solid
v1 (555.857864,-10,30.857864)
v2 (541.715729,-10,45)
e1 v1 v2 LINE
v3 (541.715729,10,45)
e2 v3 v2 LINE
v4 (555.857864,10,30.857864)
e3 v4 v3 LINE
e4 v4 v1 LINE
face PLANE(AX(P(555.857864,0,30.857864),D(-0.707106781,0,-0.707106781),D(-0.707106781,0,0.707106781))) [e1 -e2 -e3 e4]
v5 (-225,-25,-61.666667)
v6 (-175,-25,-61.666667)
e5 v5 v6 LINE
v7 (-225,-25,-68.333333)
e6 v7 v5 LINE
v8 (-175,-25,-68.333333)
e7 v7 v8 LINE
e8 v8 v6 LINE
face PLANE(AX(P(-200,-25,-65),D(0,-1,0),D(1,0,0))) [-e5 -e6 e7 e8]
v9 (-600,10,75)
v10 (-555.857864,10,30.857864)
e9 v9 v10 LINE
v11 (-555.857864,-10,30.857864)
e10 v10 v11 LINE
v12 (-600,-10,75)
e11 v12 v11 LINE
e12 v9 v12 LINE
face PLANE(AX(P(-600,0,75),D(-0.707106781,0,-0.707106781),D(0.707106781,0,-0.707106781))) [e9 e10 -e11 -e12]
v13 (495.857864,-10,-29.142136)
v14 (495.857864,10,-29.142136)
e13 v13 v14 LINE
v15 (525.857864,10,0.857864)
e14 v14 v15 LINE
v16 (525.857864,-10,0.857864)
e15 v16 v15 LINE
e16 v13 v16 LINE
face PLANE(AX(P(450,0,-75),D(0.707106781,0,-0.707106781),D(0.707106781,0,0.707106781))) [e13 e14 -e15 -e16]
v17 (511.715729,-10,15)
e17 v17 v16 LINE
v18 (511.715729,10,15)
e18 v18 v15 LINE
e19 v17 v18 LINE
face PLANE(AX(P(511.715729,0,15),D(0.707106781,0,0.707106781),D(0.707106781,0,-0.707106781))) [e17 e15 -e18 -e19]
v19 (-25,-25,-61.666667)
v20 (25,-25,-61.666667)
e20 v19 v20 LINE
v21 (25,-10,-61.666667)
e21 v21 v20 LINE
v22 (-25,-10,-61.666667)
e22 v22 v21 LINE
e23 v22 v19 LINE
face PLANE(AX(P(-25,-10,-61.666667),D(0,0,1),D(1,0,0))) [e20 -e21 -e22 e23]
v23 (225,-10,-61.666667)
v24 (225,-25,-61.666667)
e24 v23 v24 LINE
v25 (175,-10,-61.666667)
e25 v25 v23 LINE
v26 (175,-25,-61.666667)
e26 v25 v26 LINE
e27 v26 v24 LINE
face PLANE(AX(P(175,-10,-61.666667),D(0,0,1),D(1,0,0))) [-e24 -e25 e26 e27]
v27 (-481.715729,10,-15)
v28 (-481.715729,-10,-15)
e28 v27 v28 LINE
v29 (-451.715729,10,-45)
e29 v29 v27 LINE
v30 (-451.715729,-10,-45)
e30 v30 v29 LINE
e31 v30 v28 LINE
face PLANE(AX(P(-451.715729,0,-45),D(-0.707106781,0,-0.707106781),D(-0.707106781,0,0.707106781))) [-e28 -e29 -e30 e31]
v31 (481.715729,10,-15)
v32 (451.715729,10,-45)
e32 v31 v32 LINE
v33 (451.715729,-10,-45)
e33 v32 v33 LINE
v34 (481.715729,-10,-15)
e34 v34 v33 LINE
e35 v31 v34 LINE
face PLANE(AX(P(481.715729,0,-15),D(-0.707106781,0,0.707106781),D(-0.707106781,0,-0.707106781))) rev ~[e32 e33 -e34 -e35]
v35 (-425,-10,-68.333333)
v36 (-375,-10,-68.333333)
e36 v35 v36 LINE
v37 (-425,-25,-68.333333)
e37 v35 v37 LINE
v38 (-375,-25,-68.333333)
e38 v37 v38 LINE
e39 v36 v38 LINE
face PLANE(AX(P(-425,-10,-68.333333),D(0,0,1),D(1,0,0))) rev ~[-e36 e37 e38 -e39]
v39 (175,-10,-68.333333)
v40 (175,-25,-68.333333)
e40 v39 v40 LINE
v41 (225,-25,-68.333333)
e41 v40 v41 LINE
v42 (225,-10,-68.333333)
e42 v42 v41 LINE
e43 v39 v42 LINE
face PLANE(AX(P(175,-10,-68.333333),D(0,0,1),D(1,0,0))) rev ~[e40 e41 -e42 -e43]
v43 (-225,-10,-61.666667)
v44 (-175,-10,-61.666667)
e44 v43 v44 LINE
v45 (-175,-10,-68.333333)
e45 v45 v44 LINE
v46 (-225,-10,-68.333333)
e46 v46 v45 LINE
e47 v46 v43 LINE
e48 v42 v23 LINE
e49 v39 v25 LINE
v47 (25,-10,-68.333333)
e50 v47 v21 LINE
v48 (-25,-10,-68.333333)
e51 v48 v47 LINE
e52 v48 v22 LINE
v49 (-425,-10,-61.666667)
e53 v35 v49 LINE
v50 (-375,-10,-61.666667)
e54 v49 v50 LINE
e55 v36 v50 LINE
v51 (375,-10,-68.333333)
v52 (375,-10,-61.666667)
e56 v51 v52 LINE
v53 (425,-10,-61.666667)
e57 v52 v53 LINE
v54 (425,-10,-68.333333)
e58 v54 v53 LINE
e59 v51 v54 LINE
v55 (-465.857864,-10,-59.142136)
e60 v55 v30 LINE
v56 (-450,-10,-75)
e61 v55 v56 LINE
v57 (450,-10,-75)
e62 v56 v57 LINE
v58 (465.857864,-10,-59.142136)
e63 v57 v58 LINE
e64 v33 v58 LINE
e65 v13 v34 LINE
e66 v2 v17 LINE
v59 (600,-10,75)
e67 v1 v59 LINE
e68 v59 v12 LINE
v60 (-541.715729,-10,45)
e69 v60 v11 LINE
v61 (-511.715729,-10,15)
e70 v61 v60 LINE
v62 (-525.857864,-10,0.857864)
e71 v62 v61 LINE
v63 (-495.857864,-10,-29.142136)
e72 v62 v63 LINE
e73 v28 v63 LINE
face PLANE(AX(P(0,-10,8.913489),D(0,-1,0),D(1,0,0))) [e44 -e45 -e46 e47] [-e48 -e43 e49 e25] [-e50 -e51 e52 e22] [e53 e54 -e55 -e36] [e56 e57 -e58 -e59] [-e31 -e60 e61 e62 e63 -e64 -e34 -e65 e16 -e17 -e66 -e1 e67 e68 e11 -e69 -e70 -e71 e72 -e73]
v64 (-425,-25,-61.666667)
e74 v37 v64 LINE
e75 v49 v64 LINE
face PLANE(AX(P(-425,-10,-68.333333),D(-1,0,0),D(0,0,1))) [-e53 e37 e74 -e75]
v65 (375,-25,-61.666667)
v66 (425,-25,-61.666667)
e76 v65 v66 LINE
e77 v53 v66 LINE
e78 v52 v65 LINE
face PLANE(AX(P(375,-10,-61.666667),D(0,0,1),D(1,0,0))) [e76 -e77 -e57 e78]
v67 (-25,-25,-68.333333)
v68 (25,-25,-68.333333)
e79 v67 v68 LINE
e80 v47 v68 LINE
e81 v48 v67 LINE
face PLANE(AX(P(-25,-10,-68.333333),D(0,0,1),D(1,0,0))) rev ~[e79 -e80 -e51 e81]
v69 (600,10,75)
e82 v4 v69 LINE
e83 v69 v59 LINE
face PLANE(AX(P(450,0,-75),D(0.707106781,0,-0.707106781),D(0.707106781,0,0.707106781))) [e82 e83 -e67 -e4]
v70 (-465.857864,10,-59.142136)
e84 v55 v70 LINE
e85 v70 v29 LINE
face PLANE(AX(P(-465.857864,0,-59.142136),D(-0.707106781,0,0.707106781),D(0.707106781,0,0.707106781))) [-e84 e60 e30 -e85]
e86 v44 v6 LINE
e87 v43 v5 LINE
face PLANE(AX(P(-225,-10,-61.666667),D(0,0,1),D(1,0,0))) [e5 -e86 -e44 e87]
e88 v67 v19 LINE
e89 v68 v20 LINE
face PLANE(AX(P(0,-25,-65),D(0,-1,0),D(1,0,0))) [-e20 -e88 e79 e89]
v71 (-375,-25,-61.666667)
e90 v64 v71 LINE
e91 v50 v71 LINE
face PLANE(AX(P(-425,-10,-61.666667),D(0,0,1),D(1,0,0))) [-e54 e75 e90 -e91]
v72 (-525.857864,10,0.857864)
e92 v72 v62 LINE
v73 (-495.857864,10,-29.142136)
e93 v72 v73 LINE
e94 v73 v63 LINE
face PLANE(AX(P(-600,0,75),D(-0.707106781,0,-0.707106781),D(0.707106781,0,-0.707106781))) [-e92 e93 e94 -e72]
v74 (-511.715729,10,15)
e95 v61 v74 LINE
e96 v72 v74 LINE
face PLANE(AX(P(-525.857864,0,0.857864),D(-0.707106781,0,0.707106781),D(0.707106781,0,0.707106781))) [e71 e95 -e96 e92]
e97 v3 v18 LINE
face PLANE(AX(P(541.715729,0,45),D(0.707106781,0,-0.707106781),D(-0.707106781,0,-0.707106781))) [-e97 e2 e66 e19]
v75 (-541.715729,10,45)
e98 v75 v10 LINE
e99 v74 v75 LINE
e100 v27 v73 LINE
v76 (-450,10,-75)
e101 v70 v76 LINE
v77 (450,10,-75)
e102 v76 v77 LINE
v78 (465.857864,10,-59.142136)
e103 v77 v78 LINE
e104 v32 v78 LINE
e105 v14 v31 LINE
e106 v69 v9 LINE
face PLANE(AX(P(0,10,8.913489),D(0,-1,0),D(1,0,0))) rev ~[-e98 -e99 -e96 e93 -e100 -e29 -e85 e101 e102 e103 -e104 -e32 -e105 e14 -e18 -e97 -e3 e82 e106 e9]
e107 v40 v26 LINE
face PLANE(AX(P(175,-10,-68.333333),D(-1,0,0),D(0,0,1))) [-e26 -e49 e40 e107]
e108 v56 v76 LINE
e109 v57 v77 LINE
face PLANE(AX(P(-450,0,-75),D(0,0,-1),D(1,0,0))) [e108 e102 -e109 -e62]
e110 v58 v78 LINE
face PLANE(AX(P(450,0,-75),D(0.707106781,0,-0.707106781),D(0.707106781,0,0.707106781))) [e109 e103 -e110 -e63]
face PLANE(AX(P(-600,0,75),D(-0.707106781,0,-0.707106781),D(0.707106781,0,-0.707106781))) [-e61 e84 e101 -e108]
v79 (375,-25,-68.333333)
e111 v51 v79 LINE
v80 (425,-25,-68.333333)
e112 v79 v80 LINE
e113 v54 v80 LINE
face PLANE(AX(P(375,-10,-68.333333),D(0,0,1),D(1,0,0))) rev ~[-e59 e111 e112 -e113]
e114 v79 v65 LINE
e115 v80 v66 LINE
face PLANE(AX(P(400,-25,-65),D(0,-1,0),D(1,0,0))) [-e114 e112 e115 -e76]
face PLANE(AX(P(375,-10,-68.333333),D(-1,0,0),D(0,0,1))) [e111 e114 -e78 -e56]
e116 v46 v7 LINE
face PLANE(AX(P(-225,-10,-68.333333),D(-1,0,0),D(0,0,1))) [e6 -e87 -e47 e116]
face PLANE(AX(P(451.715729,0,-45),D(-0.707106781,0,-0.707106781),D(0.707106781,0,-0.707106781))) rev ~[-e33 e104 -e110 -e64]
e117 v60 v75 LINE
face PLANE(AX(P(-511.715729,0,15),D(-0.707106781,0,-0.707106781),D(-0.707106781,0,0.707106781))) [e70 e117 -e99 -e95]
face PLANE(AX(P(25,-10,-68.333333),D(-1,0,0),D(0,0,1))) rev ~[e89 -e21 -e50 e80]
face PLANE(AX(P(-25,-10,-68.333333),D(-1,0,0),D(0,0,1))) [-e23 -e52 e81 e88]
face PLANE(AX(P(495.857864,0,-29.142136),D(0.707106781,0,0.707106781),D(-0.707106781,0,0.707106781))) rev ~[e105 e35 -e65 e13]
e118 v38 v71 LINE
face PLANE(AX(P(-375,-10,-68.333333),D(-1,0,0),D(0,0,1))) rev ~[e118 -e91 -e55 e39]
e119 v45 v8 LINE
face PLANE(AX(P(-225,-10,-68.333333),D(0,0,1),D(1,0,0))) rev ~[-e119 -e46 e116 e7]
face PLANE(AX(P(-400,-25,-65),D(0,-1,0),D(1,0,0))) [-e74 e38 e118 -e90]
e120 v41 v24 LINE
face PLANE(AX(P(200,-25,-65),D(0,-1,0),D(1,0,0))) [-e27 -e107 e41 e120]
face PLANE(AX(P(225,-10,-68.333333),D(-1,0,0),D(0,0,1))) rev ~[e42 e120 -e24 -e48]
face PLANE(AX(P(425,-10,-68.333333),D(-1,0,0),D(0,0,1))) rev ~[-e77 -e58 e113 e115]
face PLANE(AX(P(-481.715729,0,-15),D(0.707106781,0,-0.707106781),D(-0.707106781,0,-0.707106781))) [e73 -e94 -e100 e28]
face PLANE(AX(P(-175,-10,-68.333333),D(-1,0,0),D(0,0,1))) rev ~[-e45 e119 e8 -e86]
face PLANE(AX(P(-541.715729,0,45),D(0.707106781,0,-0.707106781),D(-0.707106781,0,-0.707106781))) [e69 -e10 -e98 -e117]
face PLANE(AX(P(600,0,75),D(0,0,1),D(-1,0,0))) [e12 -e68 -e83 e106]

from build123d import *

# Parameters (mm, degrees)
F2_DEPTH = 10
F4_DEPTH = 10
F5_W     = 50
F5_H     = 6.6666666667
F6_DEPTH = 15


with BuildPart() as f2:
    # F1 (on Front) → F2 (new body, symmetric)
    with BuildSketch(Plane.XZ):
        Polygon((450, -75), (600, 75), (-600, 75), (-450, -75), align=None)
    extrude(amount=F2_DEPTH, both=True)

    # F3 (on Front) → F4 (cut, symmetric)
    with BuildSketch(Plane.XZ):
        Polygon((-541.7157287525, 45), (-555.8578643763, 30.8578643763), (-525.8578643763, 0.8578643763), (-511.7157287525, 15), align=None)
        Polygon((-451.7157287525, -45), (-481.7157287525, -15), (-495.8578643763, -29.1421356237), (-465.8578643763, -59.1421356237), align=None)
        Polygon((525.8578643763, 0.8578643763), (555.8578643763, 30.8578643763), (541.7157287525, 45), (511.7157287525, 15), align=None)
        Polygon((495.8578643763, -29.1421356237), (481.7157287525, -15), (451.7157287525, -45), (465.8578643763, -59.1421356237), align=None)
    extrude(amount=F4_DEPTH, both=True, mode=Mode.SUBTRACT)

    # F5 (on face) → F6 (join)
    with BuildSketch(Plane.XZ.offset(10)):
        with Locations((0, -65)):
            Rectangle(F5_W, F5_H)
        with Locations((200, -65)):
            Rectangle(F5_W, F5_H)
        with Locations((400, -65)):
            Rectangle(F5_W, F5_H)
        with Locations((-200, -65)):
            Rectangle(F5_W, F5_H)
        with Locations((-400, -65)):
            Rectangle(F5_W, F5_H)
    extrude(amount=F6_DEPTH)


solid = f2.part
